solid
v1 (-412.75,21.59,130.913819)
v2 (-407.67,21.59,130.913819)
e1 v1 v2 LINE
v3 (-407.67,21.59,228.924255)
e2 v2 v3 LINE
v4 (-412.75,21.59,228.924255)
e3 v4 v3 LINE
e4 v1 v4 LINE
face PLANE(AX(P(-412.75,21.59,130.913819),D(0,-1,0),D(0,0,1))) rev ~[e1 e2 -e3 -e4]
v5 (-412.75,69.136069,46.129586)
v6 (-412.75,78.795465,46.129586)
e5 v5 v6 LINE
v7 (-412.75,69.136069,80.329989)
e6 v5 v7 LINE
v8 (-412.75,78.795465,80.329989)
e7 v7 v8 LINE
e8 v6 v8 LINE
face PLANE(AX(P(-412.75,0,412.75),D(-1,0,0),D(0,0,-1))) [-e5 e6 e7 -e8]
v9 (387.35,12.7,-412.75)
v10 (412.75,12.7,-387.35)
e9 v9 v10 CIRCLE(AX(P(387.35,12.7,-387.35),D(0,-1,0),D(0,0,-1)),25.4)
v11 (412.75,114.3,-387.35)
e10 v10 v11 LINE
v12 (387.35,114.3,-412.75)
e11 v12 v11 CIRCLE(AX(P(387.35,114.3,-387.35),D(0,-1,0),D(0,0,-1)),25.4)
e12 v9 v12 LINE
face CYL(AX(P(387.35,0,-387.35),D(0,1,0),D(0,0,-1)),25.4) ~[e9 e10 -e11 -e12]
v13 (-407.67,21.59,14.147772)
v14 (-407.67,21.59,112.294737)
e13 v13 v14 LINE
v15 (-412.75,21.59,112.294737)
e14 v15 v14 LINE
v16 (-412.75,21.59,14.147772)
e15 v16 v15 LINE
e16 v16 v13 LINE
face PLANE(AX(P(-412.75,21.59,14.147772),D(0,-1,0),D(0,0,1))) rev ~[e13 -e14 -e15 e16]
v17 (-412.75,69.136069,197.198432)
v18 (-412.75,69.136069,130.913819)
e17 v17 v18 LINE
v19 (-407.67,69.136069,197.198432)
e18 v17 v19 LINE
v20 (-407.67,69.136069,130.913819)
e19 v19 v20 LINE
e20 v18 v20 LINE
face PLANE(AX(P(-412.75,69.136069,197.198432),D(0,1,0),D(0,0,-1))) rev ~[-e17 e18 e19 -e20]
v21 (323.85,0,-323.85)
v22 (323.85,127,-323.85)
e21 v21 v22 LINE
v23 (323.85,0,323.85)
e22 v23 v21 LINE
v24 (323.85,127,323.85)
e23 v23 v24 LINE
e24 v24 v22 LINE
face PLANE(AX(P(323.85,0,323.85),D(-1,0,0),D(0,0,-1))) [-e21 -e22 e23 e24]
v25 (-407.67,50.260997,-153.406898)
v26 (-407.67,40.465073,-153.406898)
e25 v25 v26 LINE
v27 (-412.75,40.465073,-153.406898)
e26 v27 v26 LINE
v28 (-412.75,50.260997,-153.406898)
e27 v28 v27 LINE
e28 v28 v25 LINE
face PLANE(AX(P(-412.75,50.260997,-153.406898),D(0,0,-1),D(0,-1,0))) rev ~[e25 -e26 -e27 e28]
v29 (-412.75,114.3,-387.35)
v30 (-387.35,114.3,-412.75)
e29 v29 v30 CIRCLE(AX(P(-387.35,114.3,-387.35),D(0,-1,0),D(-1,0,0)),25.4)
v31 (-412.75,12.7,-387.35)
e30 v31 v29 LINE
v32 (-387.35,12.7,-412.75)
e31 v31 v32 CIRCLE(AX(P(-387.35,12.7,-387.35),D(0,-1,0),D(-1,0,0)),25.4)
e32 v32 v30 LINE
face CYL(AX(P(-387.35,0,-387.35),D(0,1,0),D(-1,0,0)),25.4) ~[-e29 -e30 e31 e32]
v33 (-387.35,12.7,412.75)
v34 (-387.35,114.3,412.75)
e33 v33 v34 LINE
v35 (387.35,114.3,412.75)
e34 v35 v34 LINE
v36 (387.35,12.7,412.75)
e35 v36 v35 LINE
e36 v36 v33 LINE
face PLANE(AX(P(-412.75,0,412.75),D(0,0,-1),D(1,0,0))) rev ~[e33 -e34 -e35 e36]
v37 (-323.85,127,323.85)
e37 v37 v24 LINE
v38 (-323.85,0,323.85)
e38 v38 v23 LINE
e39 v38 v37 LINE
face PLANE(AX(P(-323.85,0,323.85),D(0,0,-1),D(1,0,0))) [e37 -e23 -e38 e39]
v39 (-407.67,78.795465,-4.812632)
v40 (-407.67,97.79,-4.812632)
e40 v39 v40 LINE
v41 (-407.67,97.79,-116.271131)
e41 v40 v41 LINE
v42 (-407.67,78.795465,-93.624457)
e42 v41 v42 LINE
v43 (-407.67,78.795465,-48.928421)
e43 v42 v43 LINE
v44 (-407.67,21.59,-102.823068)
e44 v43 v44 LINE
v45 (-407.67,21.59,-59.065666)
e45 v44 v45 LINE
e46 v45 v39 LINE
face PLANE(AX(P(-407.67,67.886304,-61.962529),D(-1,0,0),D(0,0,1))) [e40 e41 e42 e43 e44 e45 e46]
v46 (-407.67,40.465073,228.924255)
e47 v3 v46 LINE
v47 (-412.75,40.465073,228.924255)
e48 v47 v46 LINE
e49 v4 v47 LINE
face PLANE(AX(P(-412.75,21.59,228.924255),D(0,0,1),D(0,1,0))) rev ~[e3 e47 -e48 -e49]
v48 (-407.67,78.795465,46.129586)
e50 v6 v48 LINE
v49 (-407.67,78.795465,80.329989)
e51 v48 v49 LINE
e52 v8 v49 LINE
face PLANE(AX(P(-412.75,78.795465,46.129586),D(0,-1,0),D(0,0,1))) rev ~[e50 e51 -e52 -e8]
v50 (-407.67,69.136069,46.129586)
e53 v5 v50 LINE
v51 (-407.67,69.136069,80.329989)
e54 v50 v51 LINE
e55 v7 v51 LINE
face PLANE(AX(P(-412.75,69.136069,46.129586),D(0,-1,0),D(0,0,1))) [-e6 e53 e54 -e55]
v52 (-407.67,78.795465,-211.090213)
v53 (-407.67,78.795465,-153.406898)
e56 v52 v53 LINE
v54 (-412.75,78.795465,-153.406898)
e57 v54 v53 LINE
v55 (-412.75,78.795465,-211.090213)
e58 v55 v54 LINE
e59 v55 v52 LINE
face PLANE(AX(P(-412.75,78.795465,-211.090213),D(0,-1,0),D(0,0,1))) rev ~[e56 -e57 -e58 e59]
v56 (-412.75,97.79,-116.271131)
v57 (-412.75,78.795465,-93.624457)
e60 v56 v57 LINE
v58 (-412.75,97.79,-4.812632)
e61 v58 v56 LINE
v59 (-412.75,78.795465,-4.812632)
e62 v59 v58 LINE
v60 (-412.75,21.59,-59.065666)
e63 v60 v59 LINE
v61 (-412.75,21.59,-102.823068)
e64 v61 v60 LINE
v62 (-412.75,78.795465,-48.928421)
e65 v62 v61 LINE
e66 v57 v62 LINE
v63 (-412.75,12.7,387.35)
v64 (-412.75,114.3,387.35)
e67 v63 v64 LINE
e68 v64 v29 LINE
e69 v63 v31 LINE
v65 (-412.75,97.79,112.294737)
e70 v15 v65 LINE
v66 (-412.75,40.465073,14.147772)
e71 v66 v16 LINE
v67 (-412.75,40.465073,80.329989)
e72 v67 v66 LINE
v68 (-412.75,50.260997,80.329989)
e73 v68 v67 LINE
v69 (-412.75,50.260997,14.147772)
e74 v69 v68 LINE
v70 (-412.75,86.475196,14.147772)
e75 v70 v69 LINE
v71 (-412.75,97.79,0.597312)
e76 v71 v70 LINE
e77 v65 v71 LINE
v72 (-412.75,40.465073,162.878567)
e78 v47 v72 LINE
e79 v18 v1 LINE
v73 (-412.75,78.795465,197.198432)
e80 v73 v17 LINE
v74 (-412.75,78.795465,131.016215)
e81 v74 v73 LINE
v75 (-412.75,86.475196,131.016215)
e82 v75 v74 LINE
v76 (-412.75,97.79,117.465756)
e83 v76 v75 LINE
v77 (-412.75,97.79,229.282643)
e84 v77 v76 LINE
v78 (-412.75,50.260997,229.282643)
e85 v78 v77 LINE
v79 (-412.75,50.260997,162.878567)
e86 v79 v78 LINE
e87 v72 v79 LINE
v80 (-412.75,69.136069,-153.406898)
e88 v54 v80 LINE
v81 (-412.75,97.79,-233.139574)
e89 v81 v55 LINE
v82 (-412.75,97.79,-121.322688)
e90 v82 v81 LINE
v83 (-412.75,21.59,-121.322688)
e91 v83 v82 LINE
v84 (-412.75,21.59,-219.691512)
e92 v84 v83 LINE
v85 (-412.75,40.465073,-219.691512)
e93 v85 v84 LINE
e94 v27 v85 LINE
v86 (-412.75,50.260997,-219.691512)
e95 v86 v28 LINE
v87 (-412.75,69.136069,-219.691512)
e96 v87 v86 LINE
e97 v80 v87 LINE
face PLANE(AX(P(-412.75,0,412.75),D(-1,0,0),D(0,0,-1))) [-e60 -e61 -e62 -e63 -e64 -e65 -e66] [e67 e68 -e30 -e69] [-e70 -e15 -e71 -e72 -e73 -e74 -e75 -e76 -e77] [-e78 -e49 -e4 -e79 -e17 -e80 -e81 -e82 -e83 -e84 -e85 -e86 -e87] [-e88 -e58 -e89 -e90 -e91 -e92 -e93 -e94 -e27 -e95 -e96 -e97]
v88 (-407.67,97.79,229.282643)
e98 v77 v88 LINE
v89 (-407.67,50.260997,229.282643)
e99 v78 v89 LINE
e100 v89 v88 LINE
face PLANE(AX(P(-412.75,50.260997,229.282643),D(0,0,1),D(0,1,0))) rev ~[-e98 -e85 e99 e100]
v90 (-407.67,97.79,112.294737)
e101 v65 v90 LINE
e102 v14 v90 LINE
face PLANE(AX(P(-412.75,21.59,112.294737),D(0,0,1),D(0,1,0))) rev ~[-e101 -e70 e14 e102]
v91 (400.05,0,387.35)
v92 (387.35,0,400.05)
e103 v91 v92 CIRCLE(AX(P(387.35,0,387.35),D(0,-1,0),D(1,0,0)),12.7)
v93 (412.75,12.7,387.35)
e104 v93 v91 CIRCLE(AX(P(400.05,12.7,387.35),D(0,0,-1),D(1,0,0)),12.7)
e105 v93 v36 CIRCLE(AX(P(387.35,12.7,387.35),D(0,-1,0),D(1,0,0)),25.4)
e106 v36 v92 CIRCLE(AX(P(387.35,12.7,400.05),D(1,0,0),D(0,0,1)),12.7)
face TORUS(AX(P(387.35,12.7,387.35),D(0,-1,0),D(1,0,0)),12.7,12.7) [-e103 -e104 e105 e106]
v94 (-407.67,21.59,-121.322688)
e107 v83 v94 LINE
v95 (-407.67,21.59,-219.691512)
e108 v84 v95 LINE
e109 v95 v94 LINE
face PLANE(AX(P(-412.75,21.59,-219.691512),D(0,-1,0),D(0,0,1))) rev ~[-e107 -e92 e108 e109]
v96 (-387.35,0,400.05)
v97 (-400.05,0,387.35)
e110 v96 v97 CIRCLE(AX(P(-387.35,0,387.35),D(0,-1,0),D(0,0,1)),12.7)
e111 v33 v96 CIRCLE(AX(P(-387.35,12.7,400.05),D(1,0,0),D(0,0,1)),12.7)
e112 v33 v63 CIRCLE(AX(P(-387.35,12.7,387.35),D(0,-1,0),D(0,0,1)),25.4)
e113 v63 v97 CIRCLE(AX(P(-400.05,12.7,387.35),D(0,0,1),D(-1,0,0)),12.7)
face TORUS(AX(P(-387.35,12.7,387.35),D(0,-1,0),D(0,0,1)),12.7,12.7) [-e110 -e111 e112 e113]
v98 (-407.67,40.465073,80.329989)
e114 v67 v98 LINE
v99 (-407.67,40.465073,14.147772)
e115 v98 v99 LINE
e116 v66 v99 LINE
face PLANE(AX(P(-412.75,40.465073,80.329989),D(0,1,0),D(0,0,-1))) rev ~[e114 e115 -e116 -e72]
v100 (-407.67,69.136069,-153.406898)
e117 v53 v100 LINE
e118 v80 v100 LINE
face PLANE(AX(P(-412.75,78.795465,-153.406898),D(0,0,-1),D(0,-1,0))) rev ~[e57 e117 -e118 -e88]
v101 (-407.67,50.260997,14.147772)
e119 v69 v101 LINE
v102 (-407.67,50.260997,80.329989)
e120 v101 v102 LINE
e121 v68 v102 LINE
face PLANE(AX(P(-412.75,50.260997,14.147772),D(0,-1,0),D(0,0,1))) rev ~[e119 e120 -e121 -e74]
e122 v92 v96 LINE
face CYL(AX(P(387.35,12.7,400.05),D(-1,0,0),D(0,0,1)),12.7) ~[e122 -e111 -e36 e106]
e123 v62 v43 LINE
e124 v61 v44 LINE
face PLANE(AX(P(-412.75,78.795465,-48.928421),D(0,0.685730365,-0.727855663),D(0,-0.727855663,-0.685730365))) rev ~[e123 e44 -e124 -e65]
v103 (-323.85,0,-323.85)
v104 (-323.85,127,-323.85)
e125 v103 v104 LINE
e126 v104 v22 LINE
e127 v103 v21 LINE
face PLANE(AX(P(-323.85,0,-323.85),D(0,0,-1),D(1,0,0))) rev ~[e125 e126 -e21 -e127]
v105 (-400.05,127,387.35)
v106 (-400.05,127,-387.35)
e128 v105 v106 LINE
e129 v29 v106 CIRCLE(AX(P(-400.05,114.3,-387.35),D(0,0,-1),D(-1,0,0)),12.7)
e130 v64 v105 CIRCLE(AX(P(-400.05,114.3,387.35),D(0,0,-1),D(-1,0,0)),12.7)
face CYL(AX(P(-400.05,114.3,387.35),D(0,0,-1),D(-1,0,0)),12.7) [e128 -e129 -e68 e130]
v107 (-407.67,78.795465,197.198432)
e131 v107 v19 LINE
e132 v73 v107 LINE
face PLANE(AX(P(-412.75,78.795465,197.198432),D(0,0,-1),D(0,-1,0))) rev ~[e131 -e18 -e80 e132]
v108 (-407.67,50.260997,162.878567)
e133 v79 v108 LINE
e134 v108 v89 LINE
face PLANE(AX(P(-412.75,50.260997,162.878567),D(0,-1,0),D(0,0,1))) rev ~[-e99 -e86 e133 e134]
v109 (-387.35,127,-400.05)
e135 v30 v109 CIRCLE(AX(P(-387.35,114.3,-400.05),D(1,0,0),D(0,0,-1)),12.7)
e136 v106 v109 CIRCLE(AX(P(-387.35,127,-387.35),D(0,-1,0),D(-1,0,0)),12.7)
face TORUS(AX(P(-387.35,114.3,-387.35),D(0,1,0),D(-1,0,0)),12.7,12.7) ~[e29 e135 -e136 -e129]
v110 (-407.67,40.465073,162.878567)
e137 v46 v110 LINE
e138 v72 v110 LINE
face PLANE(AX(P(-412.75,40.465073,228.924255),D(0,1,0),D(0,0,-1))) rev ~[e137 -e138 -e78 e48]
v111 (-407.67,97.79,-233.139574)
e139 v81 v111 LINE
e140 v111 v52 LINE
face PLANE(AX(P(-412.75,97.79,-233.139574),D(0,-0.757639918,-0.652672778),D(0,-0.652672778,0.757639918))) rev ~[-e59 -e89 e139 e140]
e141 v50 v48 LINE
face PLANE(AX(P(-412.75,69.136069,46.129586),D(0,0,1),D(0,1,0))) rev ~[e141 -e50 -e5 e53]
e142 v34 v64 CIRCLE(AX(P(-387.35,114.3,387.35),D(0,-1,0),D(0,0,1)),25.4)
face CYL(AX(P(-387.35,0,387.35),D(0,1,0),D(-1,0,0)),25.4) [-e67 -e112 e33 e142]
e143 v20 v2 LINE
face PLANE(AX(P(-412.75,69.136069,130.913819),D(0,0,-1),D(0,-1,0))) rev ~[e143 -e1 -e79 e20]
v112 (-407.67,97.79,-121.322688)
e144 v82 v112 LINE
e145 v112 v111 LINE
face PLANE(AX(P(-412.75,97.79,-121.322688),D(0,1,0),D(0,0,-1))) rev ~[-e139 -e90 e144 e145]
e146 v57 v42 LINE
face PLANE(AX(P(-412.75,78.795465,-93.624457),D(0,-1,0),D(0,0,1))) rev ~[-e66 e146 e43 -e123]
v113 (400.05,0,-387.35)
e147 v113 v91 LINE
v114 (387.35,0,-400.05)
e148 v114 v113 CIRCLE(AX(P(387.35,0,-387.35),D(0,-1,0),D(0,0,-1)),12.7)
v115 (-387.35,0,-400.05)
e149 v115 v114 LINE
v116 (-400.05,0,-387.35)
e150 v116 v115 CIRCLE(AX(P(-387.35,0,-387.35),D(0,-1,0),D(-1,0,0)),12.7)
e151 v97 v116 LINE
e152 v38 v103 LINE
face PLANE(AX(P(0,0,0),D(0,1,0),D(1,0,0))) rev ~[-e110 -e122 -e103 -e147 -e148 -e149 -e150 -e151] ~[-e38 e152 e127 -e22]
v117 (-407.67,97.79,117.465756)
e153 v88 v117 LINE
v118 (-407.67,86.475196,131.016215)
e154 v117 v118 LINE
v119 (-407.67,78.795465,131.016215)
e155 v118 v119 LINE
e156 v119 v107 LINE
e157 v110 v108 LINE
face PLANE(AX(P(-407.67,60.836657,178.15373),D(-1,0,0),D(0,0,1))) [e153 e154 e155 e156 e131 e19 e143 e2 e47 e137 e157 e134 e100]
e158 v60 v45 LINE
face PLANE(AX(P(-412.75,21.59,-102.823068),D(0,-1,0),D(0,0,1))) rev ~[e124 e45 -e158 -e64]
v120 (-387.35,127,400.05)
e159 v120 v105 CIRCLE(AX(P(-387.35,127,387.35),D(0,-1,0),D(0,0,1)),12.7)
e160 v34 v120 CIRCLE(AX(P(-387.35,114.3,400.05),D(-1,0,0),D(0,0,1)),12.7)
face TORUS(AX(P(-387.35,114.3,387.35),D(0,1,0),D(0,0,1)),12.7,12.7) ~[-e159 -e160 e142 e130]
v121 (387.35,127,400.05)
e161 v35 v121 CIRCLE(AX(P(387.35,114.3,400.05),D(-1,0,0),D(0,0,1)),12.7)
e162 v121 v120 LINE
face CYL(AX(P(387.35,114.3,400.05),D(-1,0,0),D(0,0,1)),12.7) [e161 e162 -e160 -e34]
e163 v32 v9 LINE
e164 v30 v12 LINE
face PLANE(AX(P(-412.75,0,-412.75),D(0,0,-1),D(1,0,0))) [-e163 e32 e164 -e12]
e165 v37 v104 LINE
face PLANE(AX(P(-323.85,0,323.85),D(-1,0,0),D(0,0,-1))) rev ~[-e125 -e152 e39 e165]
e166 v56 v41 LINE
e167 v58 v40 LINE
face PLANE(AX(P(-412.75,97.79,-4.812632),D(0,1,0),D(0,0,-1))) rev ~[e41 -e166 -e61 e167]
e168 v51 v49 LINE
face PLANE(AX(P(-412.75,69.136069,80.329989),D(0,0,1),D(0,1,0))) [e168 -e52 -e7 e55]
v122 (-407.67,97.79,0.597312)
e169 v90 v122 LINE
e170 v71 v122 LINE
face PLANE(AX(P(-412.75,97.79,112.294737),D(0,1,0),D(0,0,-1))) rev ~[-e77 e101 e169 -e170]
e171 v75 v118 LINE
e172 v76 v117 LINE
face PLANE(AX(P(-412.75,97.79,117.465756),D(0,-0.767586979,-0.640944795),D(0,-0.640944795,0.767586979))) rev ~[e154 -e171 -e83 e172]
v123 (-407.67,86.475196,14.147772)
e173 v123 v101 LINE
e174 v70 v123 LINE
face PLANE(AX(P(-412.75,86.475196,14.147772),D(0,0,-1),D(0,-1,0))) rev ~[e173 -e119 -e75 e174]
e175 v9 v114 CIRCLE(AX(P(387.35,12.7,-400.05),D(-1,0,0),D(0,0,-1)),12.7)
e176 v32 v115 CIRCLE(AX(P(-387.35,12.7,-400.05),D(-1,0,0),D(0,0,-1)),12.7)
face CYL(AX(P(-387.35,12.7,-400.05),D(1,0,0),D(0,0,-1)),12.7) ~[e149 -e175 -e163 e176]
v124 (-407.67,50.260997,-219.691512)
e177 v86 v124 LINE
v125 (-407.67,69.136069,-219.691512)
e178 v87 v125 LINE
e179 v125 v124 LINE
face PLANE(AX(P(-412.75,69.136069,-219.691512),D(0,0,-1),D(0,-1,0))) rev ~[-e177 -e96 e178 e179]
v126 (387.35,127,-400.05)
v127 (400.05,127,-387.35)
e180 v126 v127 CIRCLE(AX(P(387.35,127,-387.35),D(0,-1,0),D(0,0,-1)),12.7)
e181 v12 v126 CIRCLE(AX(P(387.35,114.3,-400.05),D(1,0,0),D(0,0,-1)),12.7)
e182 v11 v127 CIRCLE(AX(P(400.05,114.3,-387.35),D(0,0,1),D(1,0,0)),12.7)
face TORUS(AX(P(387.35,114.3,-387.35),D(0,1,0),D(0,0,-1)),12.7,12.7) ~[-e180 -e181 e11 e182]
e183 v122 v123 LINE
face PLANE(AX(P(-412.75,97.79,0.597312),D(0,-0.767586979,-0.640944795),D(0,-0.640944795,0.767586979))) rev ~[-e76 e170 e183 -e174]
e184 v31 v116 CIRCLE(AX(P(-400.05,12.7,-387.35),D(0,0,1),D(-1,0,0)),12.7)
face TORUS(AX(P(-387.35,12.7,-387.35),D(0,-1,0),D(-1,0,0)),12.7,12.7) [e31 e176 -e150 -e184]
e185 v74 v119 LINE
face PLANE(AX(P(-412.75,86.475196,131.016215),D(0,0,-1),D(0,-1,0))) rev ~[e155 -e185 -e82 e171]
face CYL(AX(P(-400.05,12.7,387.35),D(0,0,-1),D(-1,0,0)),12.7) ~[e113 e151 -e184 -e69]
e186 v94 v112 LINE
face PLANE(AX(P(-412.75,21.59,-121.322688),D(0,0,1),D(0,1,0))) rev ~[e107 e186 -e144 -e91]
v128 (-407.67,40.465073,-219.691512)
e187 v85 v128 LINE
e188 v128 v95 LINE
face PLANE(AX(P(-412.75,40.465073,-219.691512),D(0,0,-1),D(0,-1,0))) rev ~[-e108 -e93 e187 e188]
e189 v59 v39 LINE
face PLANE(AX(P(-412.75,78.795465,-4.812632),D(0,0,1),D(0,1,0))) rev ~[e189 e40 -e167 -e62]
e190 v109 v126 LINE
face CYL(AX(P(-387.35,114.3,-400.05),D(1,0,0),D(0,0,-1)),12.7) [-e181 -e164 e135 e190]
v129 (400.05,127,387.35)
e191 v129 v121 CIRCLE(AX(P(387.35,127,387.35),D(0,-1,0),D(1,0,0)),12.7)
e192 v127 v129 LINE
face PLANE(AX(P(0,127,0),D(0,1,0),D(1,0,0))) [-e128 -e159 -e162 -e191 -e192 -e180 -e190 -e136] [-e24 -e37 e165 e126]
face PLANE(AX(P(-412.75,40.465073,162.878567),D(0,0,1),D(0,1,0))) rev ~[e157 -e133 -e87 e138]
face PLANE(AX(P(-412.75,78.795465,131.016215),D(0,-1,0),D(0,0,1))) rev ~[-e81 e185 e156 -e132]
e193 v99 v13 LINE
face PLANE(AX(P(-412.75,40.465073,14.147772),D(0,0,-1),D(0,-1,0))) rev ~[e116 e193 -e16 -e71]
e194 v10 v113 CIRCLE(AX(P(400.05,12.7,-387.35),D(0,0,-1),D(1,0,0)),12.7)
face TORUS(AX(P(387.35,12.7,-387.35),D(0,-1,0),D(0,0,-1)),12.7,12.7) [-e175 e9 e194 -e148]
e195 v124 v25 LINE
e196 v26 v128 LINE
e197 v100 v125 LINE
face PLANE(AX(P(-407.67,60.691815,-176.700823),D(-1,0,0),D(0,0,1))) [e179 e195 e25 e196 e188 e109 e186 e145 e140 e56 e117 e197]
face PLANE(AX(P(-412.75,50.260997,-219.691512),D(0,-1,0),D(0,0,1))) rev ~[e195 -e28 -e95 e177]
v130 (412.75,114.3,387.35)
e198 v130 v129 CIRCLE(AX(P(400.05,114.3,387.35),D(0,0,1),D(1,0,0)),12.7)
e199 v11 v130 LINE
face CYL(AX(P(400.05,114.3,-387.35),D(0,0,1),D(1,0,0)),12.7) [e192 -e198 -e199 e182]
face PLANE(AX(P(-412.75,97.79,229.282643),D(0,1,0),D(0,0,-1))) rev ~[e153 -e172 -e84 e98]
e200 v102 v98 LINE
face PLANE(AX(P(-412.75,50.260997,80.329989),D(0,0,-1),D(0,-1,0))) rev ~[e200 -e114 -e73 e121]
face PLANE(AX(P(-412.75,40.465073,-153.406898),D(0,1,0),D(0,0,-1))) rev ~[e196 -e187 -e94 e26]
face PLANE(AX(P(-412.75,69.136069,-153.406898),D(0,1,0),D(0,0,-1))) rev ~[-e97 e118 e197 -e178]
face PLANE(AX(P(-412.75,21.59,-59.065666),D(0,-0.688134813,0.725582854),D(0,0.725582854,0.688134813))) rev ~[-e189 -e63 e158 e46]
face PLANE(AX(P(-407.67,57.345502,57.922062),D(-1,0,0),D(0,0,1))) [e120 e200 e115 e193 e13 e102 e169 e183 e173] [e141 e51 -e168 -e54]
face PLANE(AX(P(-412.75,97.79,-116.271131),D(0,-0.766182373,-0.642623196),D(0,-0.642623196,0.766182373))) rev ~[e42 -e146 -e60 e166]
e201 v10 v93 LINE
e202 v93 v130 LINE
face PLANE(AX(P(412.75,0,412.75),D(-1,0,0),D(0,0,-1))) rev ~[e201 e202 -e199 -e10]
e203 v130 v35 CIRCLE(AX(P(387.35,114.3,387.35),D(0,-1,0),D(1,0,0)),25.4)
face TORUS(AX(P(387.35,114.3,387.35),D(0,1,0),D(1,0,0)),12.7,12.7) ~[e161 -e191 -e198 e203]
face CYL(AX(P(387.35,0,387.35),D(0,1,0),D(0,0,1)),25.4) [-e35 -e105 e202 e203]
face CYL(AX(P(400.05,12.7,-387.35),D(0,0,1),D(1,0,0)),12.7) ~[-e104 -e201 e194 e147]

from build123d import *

# Parameters (mm, degrees)
SKETCH1_W           = 825.5
SKETCH1_H           = 825.5
SKETCH1_W_2         = 647.7
SKETCH1_H_2         = 647.7
BOSS_EXTRUDE1_DEPTH = 127
FILLET1_R           = 25.4
FILLET2_R           = 12.7
SKETCH2_W           = 34.200403136
SKETCH2_H           = 9.659395297
CUT_EXTRUDE1_DEPTH  = 5.08


with BuildPart() as part:
    # Sketch1 → Boss-Extrude1 (new body)
    with BuildSketch(Plane(origin=(0, 0, 0), x_dir=(1, 0, 0), z_dir=(0, 1, 0))):
        Rectangle(SKETCH1_W, SKETCH1_H)
        Rectangle(SKETCH1_W_2, SKETCH1_H_2, mode=Mode.SUBTRACT)
    extrude(amount=BOSS_EXTRUDE1_DEPTH)

    # Fillet1
    fillet1_edges = [part.edges().sort_by_distance(p)[0] for p in [
        (412.75, 63.5, 412.75),
        (-412.75, 63.5, 412.75),
        (-412.75, 63.5, -412.75),
        (412.75, 63.5, -412.75),
    ]]
    fillet(fillet1_edges, radius=FILLET1_R)

    # Fillet2
    fillet2_edges = [part.edges().sort_by_distance(p)[0] for p in [
        (-412.75, 0, 0),
        (-412.75, 127, 0),
        (412.75, 0, 0),
        (0, 0, 412.75),
        (0, 0, -412.75),
        (405.310512242, 0, 405.310512242),
        (405.310512242, 0, -405.310512242),
        (-405.310512242, 0, 405.310512242),
        (-405.310512242, 0, -405.310512242),
        (0, 127, -412.75),
        (412.75, 127, 0),
        (0, 127, 412.75),
        (405.310512242, 127, 405.310512242),
        (405.310512242, 127, -405.310512242),
        (-405.310512242, 127, 405.310512242),
        (-405.310512242, 127, -405.310512242),
    ]]
    fillet(fillet2_edges, radius=FILLET2_R)

    # Sketch2 → Cut-Extrude1 (cut)
    # profile 1 of 4: a face of its own
    with BuildSketch(Plane.ZY.offset(412.75)):
        Polygon((-121.32268757, 97.79), (-233.139574468, 97.79), (-211.090212766, 78.795464726), (-153.406898096, 78.795464726), (-153.406898096, 69.136069429), (-219.691511758, 69.136069429), (-219.691511758, 50.260996641), (-153.406898096, 50.260996641), (-153.406898096, 40.465072788), (-219.691511758, 40.465072788), (-219.691511758, 21.59), (-121.32268757, 21.59), align=None)
    # profile 2 of 4: a face of its own
    with BuildSketch(Plane.ZY.offset(412.75)):
        Polygon((-4.812631579, 97.79), (-116.271131019, 97.79), (-93.624456887, 78.795464726), (-48.928421053, 78.795464726), (-102.823068309, 21.59), (-59.065666293, 21.59), (-4.812631579, 78.795464726), align=None)
    # profile 3 of 4: a face of its own
    with BuildSketch(Plane.ZY.offset(412.75)):
        Polygon((80.329988802, 50.260996641), (80.329988802, 40.465072788), (14.147771557, 40.465072788), (14.147771557, 21.59), (112.294736842, 21.59), (112.294736842, 97.79), (0.59731243, 97.79), (14.147771557, 86.475195969), (14.147771557, 50.260996641), align=None)
        with Locations((63.229787234, 73.965767078)):
            Rectangle(SKETCH2_W, SKETCH2_H, mode=Mode.SUBTRACT)
    # profile 4 of 4: a face of its own
    with BuildSketch(Plane.ZY.offset(412.75)):
        Polygon((229.282642777, 97.79), (117.465755879, 97.79), (131.016215006, 86.475195969), (131.016215006, 78.795464726), (197.198432251, 78.795464726), (197.198432251, 69.136069429), (130.913818589, 69.136069429), (130.913818589, 21.59), (228.924255319, 21.59), (228.924255319, 40.465072788), (162.878566629, 40.465072788), (162.878566629, 50.260996641), (229.282642777, 50.260996641), align=None)
    extrude(amount=-CUT_EXTRUDE1_DEPTH, mode=Mode.SUBTRACT)


solid = part.part
